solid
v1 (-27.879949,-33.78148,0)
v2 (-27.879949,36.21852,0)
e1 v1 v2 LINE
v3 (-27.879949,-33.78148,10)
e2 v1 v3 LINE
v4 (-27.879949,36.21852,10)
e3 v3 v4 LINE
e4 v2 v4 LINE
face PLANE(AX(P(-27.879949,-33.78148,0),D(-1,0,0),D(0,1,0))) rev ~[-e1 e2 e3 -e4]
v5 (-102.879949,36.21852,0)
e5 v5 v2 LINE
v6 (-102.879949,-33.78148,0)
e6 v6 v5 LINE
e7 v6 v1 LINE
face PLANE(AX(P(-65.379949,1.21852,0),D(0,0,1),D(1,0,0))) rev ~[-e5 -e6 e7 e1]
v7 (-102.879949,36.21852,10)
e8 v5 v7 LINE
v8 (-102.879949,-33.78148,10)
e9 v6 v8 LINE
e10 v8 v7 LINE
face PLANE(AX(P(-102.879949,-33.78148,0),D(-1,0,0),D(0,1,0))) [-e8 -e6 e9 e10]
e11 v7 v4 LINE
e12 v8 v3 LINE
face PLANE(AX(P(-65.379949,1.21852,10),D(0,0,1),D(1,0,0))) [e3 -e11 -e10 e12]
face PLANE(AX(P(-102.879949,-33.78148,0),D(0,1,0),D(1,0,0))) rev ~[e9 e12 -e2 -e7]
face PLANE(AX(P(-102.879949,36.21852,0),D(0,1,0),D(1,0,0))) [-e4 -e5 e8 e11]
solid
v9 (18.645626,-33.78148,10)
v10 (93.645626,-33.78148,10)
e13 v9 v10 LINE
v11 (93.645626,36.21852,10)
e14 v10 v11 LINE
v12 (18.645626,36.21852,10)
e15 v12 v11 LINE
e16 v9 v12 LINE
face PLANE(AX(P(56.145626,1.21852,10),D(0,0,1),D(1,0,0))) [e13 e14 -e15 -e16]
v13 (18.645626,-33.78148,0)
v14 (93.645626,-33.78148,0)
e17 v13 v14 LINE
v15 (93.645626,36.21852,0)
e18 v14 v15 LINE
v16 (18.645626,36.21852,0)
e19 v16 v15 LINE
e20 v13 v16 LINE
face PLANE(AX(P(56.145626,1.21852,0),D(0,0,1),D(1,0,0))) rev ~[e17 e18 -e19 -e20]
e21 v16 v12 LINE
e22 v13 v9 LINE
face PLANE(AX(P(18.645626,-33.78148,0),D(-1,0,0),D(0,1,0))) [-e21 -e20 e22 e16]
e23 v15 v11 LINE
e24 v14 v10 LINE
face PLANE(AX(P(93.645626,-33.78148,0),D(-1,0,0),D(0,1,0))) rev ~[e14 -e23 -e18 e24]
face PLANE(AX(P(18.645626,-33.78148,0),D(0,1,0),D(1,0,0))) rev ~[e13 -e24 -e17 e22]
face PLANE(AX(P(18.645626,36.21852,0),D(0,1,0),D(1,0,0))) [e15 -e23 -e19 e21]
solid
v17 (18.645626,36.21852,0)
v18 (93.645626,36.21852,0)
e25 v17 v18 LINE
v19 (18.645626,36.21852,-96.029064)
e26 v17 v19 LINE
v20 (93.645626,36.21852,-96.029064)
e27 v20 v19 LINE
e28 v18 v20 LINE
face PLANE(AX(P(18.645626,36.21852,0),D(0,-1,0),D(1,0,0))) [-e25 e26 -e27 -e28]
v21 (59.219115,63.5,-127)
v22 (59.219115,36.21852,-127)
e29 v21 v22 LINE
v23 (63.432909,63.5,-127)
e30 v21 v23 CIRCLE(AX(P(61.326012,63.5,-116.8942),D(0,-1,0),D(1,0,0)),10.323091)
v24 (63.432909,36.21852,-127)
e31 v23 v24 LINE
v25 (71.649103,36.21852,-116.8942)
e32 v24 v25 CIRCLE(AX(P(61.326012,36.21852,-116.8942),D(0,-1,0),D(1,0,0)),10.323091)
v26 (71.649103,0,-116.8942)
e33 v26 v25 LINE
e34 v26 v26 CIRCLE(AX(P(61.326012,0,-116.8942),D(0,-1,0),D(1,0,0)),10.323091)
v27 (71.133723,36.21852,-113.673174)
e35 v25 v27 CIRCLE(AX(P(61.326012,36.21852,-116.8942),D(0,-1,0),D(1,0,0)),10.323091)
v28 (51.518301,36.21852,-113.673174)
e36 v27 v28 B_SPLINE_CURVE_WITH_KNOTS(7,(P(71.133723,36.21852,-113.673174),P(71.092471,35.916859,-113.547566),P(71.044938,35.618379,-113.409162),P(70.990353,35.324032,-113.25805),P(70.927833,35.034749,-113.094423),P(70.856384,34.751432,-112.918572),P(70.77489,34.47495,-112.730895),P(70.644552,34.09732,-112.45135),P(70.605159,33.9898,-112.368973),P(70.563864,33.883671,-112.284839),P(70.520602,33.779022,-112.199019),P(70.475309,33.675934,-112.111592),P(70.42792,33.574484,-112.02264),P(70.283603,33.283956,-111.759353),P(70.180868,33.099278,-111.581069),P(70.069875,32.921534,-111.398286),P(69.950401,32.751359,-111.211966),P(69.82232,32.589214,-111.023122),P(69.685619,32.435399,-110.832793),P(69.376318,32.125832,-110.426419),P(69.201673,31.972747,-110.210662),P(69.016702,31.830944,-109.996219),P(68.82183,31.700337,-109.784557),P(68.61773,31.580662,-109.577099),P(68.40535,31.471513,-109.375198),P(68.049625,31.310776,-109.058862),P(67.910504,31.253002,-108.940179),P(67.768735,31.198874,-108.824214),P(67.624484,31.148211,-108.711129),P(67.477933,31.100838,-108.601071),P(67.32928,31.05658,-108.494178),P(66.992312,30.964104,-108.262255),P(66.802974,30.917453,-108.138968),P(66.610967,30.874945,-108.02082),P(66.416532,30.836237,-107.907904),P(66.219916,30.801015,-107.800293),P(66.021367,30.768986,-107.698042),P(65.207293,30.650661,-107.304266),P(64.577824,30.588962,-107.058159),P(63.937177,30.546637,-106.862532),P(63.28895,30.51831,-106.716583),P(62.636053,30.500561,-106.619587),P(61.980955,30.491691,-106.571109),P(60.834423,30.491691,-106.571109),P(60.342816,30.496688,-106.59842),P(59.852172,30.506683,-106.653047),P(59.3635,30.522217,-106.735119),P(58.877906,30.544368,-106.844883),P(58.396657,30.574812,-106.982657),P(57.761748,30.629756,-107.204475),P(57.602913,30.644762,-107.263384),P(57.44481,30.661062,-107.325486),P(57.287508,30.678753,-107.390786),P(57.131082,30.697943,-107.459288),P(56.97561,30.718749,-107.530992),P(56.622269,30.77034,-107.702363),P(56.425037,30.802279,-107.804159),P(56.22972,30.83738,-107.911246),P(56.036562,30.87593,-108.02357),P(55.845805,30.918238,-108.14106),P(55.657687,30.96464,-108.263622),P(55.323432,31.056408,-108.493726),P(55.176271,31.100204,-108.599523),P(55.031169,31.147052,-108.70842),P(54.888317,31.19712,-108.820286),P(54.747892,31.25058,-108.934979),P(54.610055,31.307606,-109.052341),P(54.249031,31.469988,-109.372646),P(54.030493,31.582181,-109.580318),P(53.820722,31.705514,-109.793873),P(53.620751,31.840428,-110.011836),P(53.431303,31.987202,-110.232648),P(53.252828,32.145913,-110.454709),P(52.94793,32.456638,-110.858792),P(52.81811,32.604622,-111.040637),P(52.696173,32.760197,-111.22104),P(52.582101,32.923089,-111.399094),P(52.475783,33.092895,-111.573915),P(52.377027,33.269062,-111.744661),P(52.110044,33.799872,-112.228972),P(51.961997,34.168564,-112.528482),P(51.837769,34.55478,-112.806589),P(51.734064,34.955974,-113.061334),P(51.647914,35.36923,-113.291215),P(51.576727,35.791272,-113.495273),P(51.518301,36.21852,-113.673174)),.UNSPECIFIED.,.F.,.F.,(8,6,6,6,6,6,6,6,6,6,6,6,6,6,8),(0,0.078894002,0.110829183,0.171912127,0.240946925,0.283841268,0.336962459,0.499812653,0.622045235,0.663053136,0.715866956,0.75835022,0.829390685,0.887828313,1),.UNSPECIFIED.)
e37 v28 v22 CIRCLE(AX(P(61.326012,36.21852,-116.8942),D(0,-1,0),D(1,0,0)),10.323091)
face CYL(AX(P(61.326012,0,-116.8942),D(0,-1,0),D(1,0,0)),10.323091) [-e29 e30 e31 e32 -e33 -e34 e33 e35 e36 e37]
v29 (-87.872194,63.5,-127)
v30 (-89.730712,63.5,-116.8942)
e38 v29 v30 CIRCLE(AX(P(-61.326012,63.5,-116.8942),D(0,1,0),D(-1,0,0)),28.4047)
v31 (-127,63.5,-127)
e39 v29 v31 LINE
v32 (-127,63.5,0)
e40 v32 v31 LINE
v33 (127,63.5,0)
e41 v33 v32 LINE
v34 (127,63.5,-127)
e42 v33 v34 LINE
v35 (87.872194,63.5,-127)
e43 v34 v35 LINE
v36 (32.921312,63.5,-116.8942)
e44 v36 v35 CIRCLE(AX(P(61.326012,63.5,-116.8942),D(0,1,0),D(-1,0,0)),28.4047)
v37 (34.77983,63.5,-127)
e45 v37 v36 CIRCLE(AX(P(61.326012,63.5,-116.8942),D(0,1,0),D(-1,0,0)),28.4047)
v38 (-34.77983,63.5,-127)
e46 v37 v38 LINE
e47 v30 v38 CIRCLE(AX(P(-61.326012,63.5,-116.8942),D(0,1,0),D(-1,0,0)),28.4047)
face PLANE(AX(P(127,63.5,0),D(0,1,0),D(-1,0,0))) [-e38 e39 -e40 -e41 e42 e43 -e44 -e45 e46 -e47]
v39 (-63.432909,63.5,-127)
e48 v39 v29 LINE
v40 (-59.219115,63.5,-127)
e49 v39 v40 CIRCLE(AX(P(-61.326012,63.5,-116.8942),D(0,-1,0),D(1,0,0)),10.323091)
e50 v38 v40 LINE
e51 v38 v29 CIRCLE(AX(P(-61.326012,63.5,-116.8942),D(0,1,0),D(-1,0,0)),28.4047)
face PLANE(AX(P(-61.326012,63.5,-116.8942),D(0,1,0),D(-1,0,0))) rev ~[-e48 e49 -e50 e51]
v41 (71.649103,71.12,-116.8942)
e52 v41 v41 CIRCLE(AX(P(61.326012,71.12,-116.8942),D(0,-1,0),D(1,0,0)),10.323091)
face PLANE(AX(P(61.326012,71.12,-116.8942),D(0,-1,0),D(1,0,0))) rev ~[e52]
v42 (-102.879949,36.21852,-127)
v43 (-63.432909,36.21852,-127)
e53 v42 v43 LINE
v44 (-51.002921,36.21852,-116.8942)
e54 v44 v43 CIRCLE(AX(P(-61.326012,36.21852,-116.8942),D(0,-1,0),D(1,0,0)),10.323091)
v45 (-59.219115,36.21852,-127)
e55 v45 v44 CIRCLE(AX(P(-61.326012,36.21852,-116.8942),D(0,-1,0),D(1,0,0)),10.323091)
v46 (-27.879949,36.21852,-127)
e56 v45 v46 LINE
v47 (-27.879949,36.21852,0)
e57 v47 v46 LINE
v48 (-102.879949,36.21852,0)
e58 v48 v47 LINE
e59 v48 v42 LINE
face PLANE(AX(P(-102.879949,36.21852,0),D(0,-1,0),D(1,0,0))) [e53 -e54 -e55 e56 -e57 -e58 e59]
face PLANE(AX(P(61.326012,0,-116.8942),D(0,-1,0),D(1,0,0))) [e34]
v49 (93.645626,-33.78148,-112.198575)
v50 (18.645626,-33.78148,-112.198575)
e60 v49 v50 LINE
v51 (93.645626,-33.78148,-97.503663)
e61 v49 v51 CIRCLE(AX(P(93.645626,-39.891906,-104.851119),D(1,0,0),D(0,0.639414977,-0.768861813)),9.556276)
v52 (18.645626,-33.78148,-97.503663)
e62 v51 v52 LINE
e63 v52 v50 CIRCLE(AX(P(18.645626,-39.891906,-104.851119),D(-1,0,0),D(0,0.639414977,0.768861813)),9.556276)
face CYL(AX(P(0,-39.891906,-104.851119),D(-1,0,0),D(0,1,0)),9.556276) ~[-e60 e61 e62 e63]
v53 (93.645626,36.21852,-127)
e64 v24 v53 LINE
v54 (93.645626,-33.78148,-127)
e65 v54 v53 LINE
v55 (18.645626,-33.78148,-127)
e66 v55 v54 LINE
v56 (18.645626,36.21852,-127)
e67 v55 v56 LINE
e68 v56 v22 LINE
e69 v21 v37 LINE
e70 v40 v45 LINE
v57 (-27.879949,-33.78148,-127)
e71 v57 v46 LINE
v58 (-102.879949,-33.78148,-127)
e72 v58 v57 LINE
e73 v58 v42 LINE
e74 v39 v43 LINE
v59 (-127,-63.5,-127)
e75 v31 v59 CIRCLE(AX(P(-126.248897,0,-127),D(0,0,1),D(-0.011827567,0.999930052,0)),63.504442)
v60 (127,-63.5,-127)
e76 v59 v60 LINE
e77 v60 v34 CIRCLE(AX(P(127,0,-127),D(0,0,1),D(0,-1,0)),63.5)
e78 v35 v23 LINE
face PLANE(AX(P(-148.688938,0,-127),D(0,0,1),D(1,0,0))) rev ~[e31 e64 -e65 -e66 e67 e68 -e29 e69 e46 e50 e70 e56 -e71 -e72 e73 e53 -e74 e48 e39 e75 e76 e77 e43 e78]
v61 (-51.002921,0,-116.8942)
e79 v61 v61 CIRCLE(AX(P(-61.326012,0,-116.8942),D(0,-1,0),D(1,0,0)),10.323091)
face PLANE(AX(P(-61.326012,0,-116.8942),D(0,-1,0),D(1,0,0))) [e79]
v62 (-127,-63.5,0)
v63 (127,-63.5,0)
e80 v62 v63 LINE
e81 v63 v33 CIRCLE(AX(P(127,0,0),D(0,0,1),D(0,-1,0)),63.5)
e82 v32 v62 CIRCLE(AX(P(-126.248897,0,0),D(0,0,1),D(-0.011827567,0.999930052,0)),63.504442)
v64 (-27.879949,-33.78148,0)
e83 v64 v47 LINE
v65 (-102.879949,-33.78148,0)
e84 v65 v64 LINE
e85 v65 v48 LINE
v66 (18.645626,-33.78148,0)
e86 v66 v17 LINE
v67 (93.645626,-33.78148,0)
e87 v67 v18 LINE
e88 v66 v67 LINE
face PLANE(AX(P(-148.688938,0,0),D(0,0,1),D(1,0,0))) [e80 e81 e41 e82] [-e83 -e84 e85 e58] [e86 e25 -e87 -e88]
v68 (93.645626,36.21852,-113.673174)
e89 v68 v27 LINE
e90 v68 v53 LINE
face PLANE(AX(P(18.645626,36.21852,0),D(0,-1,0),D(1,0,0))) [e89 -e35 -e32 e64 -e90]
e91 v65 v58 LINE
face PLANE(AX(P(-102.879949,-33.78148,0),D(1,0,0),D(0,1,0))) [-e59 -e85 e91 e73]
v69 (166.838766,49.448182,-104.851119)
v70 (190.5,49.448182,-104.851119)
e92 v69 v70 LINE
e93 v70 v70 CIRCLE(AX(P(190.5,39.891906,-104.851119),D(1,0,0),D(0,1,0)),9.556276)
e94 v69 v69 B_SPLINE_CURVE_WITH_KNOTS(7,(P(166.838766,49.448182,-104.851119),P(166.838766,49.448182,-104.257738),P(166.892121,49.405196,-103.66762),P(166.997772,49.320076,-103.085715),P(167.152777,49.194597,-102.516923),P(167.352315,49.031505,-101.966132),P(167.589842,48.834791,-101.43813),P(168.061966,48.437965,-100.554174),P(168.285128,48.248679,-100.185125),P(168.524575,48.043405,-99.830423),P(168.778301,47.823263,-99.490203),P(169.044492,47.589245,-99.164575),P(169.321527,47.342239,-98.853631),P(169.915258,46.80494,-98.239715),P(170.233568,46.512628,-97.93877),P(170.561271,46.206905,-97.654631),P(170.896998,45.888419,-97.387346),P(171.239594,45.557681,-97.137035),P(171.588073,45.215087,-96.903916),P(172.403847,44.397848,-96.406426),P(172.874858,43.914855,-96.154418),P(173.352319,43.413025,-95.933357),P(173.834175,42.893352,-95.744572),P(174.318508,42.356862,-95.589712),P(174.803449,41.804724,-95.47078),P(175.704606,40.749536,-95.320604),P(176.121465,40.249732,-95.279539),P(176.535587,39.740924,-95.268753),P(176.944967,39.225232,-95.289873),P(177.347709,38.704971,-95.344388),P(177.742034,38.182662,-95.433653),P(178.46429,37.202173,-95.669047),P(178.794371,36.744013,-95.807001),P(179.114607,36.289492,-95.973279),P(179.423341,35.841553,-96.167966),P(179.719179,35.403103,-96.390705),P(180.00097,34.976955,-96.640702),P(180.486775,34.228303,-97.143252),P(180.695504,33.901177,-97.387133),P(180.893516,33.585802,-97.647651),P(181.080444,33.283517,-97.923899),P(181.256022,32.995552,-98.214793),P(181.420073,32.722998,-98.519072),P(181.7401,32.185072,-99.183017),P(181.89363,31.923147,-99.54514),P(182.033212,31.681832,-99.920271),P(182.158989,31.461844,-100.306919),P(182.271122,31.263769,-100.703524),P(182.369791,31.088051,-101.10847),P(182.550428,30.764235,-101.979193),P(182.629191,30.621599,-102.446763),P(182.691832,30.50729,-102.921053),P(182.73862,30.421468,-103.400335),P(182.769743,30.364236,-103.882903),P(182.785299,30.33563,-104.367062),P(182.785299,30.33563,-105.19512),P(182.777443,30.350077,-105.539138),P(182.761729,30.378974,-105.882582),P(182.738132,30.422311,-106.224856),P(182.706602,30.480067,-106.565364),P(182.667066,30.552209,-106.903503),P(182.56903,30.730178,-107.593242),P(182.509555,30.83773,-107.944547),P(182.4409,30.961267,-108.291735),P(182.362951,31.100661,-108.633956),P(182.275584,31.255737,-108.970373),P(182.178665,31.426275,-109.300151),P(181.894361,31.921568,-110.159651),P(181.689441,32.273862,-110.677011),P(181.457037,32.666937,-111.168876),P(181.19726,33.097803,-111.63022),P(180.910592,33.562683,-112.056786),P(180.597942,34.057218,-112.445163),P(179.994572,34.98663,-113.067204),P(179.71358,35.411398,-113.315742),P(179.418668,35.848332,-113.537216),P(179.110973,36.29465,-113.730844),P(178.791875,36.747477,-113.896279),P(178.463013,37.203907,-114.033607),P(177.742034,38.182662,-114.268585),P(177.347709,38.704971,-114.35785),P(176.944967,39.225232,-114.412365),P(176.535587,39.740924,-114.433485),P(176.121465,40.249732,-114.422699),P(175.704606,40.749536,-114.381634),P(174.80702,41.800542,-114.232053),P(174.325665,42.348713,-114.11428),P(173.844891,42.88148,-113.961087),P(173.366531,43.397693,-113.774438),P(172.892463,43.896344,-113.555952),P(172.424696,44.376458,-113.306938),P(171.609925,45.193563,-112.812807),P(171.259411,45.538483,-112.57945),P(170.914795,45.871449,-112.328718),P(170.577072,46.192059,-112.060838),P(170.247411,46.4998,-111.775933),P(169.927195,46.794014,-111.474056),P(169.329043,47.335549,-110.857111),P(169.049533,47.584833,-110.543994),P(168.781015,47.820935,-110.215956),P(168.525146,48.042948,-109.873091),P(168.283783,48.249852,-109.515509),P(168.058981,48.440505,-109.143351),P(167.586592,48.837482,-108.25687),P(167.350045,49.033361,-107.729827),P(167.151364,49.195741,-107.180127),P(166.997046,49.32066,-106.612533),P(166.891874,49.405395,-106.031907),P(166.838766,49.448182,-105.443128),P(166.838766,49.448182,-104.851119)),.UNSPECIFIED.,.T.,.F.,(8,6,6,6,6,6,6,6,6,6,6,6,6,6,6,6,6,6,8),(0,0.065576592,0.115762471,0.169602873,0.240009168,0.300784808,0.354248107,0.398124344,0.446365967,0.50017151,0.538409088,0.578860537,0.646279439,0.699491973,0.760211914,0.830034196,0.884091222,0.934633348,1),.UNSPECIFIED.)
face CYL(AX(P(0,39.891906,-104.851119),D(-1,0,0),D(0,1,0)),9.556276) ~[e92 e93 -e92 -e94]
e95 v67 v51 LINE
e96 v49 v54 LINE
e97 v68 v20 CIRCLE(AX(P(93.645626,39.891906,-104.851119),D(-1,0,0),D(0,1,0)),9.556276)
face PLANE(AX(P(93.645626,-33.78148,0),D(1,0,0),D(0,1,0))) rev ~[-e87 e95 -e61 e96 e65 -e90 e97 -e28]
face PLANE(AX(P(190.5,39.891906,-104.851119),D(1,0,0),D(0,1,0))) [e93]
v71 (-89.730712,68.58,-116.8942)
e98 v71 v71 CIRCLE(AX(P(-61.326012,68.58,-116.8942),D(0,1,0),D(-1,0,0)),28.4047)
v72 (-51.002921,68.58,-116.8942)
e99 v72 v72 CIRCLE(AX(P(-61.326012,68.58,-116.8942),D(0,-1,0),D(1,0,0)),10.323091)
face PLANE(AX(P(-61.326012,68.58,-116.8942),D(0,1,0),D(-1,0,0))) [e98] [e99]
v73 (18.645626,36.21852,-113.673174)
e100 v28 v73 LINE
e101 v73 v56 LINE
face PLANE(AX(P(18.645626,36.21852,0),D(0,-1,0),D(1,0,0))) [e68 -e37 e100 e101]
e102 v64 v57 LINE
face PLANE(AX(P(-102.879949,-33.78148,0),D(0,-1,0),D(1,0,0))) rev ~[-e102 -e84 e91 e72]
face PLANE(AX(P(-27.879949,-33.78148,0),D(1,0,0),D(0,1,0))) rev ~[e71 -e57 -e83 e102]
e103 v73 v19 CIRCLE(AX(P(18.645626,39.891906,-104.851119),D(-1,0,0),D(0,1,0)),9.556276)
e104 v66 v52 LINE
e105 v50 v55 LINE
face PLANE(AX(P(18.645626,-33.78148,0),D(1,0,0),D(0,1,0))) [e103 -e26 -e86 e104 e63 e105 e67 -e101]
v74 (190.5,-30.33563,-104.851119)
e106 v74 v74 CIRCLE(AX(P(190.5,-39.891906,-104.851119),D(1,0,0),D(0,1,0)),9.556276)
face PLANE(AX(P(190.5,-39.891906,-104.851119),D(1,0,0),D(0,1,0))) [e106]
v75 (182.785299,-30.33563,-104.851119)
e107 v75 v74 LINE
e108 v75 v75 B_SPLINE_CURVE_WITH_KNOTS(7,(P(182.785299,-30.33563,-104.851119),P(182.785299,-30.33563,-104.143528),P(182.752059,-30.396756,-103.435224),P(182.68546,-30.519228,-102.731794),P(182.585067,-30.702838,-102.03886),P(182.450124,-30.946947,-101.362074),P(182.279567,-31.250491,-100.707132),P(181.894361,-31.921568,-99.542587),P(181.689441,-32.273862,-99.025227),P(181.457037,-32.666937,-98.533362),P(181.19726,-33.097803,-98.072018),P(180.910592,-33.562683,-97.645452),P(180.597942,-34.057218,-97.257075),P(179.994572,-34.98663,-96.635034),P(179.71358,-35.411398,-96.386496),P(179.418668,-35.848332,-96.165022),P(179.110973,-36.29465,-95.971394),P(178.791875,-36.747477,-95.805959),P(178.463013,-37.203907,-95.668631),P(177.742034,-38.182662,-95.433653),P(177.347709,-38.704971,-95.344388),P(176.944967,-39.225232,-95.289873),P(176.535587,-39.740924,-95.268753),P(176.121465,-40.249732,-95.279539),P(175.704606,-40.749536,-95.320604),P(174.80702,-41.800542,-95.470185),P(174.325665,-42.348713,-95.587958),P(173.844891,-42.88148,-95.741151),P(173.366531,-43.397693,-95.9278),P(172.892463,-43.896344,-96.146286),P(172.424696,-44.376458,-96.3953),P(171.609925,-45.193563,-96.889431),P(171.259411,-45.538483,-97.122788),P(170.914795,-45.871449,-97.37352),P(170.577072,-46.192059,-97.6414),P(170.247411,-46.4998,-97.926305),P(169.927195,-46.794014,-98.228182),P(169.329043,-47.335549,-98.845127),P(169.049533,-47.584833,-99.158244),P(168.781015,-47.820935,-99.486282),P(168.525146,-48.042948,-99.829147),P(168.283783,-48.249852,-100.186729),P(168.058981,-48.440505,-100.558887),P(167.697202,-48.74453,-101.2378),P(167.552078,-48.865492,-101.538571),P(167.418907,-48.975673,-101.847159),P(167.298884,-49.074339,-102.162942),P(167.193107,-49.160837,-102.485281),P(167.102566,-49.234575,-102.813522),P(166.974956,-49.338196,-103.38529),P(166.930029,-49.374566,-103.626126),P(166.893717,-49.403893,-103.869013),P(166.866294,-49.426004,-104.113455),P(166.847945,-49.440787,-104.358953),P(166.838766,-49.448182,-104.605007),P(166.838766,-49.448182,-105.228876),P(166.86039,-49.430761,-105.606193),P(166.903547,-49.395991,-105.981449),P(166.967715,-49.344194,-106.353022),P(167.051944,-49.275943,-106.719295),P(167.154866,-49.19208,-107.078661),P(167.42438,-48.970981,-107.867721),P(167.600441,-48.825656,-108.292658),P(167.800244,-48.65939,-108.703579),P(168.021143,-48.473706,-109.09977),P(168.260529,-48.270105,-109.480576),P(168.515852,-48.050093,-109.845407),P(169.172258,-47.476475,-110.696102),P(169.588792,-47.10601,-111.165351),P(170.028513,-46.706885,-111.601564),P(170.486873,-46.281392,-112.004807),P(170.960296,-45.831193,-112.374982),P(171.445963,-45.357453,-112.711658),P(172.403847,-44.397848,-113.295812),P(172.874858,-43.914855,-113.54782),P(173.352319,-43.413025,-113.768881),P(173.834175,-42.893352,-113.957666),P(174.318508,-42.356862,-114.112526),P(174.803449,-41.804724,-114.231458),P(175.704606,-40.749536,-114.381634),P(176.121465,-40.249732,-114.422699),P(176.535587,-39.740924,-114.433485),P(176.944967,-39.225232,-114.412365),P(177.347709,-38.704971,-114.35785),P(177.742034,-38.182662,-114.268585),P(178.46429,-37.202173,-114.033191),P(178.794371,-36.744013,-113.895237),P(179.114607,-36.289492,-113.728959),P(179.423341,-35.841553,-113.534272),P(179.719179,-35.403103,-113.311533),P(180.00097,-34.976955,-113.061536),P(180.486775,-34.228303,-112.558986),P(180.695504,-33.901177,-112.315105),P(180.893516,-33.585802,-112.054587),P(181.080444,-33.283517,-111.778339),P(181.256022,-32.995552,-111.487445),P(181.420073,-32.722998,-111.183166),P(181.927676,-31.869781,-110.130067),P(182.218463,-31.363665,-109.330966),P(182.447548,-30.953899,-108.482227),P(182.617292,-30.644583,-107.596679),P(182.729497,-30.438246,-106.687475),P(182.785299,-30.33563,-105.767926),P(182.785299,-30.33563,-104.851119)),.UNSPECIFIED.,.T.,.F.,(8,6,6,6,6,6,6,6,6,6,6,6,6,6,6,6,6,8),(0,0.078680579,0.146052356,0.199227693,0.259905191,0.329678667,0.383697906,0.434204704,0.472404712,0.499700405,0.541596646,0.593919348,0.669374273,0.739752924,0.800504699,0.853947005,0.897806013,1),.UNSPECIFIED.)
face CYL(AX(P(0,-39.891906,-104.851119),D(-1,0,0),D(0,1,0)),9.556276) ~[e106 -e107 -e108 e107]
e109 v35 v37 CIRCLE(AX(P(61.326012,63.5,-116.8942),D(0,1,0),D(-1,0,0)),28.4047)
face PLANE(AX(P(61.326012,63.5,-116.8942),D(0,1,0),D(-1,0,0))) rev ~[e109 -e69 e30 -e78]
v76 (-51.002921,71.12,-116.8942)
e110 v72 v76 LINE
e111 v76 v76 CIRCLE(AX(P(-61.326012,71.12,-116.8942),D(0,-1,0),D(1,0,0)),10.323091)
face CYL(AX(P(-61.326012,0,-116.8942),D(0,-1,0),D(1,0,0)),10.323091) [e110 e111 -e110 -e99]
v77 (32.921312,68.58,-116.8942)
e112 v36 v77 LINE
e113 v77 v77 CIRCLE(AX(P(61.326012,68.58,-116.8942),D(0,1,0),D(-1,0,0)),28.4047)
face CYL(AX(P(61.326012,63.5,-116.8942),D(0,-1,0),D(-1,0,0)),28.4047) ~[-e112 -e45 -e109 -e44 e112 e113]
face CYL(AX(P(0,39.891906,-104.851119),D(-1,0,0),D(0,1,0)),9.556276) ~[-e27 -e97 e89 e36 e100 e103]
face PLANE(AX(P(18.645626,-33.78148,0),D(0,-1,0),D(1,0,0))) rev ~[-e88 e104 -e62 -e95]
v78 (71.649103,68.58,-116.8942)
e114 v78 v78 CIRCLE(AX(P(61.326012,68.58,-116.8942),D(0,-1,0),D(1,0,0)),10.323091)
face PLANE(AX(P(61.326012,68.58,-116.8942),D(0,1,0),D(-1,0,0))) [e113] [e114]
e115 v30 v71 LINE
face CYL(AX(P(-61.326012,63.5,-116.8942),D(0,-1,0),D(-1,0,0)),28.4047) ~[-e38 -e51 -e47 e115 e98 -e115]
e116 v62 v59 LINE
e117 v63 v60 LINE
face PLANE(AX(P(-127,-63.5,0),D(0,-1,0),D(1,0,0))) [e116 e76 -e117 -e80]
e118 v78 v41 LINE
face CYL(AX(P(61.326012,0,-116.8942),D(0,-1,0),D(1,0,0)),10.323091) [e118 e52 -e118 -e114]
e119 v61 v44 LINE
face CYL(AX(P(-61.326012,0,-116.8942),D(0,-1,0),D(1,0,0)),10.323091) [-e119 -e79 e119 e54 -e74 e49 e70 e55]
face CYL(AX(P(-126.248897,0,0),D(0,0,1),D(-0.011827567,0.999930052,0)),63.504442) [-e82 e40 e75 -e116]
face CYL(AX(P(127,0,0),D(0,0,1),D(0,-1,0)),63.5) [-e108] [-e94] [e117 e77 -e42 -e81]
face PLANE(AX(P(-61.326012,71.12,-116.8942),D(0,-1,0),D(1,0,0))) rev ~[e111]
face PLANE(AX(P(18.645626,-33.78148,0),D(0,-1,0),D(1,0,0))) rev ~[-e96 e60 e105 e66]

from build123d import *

# Parameters (mm, degrees)
F0_W     = 75
F0_H     = 70
F1_DEPTH = 10
F2_DEPTH = 10
F3_DEPTH = 127
F4_R     = 9.556276
F5_DEPTH = 190.5
F6_R     = 10.323091
F7_DEPTH = 71.12
F8_R     = 28.4047
F9_DEPTH = 5.08


with BuildPart() as f1:
    # F0 (on Top) → F1 (new body)
    with BuildSketch(Plane.XY):
        with Locations((56.145626, 1.21852)):
            Rectangle(F0_W, F0_H)
    extrude(amount=F1_DEPTH)


with BuildPart() as f2:
    # F0 (on Top) → F2 (new body)
    with BuildSketch(Plane.XY):
        with Locations((-65.379949, 1.21852)):
            Rectangle(F0_W, F0_H)
    extrude(amount=F2_DEPTH)


with BuildPart() as f3:
    # F0 (on Top) → F3 (new body)
    with BuildSketch(Plane.XY):
        with BuildLine():
            ThreePointArc((-127, 63.5), (-189.753339, 0), (-127, -63.5))
            Line((-127, -63.5), (-127, 63.5))
        make_face()
        Polygon((-125.497793, -63.5), (127, -63.5), (127, 63.5), (-125.497793, 63.5), (-127, 63.5), (-127, -63.5), align=None)
        with Locations((-65.379949, 1.21852)):
            Rectangle(F0_W, F0_H, mode=Mode.SUBTRACT)
        with Locations((56.145626, 1.21852)):
            Rectangle(F0_W, F0_H, mode=Mode.SUBTRACT)
        with BuildLine():
            Line((127, 63.5), (127, -63.5))
            ThreePointArc((127, -63.5), (190.5, 0), (127, 63.5))
        make_face()
    extrude(amount=-F3_DEPTH)

    # F4 (on Right) → F5 (join)
    with BuildSketch(Plane.YZ):
        with Locations((39.891906, -104.851119)):
            Circle(F4_R)
        with Locations((-39.891906, -104.851119)):
            Circle(F4_R)
    extrude(amount=F5_DEPTH)

    # F6 (on Front) → F7 (join)
    with BuildSketch(Plane.XZ):
        with Locations((61.326012, -116.8942)):
            Circle(F6_R)
        with Locations((-61.326012, -116.8942)):
            Circle(F6_R)
    extrude(amount=-F7_DEPTH)

    # F8 (on face) → F9 (join)
    with BuildSketch(Plane(origin=(0, 63.5, 0), x_dir=(-1, 0, 0), z_dir=(0, 1, 0))):
        with Locations((-61.326012, -116.8942)):
            Circle(F8_R)
        with Locations((61.326012, -116.8942)):
            Circle(F8_R)
    extrude(amount=F9_DEPTH)


solid = Compound([f1.part, f2.part, f3.part])
